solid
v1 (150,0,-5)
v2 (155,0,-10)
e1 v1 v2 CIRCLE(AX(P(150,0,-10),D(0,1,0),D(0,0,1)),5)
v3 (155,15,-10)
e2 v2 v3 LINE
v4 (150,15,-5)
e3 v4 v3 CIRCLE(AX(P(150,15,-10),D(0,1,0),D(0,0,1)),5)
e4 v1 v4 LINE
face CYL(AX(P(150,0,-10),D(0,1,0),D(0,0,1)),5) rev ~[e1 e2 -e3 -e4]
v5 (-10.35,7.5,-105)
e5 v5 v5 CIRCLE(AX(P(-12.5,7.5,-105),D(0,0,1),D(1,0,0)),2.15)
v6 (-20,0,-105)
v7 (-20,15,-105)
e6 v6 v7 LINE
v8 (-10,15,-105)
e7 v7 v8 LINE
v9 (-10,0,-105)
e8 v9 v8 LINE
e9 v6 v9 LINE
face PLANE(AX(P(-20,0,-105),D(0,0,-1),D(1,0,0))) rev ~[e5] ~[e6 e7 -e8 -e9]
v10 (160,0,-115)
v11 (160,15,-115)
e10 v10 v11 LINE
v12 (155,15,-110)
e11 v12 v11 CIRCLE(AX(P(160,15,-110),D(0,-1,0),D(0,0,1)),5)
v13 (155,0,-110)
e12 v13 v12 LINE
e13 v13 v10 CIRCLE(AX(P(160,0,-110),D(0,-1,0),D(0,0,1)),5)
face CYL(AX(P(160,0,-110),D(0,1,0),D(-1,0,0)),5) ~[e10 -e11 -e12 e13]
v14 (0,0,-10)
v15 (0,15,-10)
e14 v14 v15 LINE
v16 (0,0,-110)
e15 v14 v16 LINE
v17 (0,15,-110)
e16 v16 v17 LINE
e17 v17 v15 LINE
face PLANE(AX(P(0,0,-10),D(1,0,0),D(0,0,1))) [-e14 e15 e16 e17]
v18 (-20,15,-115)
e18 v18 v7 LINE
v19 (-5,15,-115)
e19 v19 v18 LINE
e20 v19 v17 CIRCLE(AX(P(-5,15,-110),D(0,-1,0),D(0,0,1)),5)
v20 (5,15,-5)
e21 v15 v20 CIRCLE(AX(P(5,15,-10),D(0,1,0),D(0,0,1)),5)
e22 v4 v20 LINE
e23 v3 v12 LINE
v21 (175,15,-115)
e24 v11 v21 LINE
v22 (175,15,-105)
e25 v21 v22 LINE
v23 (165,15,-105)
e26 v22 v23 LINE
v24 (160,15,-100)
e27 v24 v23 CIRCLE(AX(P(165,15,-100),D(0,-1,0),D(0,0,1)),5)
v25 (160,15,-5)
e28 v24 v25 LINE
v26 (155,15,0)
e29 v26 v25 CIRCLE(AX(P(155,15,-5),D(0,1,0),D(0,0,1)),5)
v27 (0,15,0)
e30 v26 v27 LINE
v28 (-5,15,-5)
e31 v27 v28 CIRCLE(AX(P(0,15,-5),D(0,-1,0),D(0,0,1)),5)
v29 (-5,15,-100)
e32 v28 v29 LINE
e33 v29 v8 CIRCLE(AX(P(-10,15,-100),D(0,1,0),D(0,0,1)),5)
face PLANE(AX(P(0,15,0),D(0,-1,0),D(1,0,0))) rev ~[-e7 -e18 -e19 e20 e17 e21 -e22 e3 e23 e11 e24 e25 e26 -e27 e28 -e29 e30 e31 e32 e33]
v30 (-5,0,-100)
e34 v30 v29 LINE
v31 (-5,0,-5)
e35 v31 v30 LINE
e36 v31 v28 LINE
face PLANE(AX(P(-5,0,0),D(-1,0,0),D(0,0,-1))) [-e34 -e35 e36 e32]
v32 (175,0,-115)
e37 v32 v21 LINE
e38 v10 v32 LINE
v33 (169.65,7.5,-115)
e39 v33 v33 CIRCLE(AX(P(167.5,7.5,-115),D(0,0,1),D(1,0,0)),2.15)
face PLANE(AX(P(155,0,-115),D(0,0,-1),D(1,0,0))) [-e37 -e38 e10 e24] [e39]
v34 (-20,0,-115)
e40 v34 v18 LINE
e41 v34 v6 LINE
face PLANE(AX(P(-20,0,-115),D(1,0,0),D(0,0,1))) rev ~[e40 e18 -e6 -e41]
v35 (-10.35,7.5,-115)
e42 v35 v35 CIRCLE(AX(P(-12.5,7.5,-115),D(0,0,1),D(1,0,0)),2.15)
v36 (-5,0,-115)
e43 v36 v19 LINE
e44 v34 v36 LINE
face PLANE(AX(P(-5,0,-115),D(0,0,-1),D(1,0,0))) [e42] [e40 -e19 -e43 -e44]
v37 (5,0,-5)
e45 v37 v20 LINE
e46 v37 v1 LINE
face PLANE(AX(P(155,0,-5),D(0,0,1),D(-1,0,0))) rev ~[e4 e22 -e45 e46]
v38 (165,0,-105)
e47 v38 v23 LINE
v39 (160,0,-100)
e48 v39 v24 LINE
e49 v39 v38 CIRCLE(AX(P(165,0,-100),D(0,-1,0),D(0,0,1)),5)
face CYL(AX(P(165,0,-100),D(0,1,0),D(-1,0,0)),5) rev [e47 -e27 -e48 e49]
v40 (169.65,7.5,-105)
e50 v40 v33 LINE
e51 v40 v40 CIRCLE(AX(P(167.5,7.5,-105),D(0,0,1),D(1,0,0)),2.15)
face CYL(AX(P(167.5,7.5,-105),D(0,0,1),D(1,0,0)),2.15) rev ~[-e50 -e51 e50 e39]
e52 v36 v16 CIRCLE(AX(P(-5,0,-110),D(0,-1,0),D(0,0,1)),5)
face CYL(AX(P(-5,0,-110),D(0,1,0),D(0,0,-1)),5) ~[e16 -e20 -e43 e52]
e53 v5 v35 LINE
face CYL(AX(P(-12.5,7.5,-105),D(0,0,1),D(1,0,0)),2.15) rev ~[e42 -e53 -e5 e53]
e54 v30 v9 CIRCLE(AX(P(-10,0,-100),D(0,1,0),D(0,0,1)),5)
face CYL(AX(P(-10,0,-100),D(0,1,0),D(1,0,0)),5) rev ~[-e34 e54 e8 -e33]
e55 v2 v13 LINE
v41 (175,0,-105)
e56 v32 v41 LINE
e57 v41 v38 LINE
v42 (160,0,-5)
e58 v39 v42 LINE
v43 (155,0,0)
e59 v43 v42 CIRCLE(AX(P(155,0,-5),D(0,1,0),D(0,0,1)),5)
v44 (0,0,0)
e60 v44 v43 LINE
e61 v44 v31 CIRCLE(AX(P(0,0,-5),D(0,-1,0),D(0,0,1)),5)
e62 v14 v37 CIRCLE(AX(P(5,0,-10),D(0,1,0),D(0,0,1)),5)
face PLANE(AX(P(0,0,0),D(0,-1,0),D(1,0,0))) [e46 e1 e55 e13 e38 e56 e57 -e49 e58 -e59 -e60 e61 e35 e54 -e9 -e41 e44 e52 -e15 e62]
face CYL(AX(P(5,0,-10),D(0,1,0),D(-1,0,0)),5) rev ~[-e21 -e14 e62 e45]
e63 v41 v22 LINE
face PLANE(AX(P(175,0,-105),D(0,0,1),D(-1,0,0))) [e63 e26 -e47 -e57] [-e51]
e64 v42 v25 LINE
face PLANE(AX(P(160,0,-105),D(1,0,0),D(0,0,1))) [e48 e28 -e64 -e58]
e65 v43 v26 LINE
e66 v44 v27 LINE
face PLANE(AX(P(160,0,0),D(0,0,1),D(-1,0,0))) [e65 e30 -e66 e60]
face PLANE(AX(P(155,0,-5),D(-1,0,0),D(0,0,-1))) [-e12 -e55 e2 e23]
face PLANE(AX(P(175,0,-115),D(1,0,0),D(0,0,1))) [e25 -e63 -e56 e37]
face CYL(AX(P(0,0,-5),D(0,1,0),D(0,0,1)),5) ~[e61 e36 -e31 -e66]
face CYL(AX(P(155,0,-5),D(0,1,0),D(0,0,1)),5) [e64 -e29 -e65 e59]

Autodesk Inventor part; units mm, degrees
ref_plane "YZ Plane" through (0, 0, 0) normal (1, 0, 0) x (0, 1, 0)
ref_plane "XZ Plane" through (0, 0, 0) normal (0, 1, 0) x (-1, 0, 0)
ref_plane "XY Plane" through (0, 0, 0) normal (0, 0, 1) x (1, 0, 0)
sketch "Sketch1" plane through (0, 0, 0) normal (0, 1, 0) x (-1, 0, 0)
  line L0 (0, 0) -> (5, 0)
  line L1 (5, 0) -> (5, -115)
  line L2 (5, -115) -> (0, -115)
  line L3 (0, -115) -> (0, 0)
  line L4 (5, -115) -> (20, -115)
  line L5 (20, -115) -> (20, -105)
  line L6 (20, -105) -> (5, -105)
  line L7 (5, -105) -> (5, -115)
  line L8 (0, -10) -> (0, 0)
  point P0 (5, -105)
  dimension "d0" = 5
  dimension "d1" = 115
  dimension "d2" = 15
  dimension "d3" = 10
extrude "Extrusion1" add sketch "Sketch1" along normal blind 15
sketch "Sketch6" plane through (0, 0, 0) normal (1, 0, 0) x (0, 0, -1)
  line L0 (105, 0) -> (0, 0) projected
  line L1 (0, 0) -> (5, 0)
  line L2 (5, 0) -> (5, 15)
  line L3 (5, 15) -> (0, 15)
  line L4 (0, 15) -> (0, 0)
  dimension "d24" = 5
  dimension "d25" = 15
extrude "Extrusion4" add sketch "Sketch6" along normal blind 77.5
sketch "Sketch7" plane through (0, 0, 0) normal (0, -1, 0) x (1, 0, 0)
  line L0 (-20, -105) -> (-5, -105) projected
  line L1 (-20, -115) -> (-20, -105) projected
  line L2 (0, -115) -> (-20, -115) projected
  line L3 (0, -5) -> (0, -115) projected
  line L4 (0, -5) -> (77.5, -5) projected
  line L5 (77.5, 0) -> (77.5, -5) projected
  line L6 (-5, 0) -> (77.5, 0) projected
  line L7 (-5, -105) -> (-5, 0) projected
  line L8 (175, -105) -> (160, -105)
  line L9 (175, -115) -> (175, -105)
  line L10 (155, -115) -> (175, -115)
  line L11 (155, -5) -> (155, -115)
  line L12 (155, -5) -> (77.5, -5)
  line L13 (160, 0) -> (77.5, 0)
  line L14 (160, -105) -> (160, 0)
  point P0 (0, 0)
extrude "Extrusion5" add sketch "Sketch7" against normal up to surface (15 mm away) contours L13 L14 L8 L9 L10 L11 L12 L5
sketch "Sketch2" plane through (-20, 0, -105) normal (0, 0, 1) x (1, 0, 0)
  line L0 (0, 0) -> (0, 15) projected
  circle A0 centre (7.5, 7.5) radius 2.15
  line L1 (7.5, 7.5) -> (0, 7.5) construction
  line L2 (15, 15) -> (180, 15) projected
  line L3 (97.5, 15) -> (97.5, 37.3705) construction
  circle A1 centre (187.5, 7.5) radius 2.15
  point P0 (20, 0)
  dimension "d8" = 4.3
  dimension "d20" = 7.5
extrude "Extrusion2" cut sketch "Sketch2" against normal blind 15
fillet "Fillet2" radius 5 8 edges at (0, 7.5, -5) (0, 7.5, -115) (155, 7.5, -115) (160, 7.5, 0) (155, 7.5, -5) (-5, 7.5, 0) (-5, 7.5, -105) (160, 7.5, -105)
properties part number "Box_clamp"
